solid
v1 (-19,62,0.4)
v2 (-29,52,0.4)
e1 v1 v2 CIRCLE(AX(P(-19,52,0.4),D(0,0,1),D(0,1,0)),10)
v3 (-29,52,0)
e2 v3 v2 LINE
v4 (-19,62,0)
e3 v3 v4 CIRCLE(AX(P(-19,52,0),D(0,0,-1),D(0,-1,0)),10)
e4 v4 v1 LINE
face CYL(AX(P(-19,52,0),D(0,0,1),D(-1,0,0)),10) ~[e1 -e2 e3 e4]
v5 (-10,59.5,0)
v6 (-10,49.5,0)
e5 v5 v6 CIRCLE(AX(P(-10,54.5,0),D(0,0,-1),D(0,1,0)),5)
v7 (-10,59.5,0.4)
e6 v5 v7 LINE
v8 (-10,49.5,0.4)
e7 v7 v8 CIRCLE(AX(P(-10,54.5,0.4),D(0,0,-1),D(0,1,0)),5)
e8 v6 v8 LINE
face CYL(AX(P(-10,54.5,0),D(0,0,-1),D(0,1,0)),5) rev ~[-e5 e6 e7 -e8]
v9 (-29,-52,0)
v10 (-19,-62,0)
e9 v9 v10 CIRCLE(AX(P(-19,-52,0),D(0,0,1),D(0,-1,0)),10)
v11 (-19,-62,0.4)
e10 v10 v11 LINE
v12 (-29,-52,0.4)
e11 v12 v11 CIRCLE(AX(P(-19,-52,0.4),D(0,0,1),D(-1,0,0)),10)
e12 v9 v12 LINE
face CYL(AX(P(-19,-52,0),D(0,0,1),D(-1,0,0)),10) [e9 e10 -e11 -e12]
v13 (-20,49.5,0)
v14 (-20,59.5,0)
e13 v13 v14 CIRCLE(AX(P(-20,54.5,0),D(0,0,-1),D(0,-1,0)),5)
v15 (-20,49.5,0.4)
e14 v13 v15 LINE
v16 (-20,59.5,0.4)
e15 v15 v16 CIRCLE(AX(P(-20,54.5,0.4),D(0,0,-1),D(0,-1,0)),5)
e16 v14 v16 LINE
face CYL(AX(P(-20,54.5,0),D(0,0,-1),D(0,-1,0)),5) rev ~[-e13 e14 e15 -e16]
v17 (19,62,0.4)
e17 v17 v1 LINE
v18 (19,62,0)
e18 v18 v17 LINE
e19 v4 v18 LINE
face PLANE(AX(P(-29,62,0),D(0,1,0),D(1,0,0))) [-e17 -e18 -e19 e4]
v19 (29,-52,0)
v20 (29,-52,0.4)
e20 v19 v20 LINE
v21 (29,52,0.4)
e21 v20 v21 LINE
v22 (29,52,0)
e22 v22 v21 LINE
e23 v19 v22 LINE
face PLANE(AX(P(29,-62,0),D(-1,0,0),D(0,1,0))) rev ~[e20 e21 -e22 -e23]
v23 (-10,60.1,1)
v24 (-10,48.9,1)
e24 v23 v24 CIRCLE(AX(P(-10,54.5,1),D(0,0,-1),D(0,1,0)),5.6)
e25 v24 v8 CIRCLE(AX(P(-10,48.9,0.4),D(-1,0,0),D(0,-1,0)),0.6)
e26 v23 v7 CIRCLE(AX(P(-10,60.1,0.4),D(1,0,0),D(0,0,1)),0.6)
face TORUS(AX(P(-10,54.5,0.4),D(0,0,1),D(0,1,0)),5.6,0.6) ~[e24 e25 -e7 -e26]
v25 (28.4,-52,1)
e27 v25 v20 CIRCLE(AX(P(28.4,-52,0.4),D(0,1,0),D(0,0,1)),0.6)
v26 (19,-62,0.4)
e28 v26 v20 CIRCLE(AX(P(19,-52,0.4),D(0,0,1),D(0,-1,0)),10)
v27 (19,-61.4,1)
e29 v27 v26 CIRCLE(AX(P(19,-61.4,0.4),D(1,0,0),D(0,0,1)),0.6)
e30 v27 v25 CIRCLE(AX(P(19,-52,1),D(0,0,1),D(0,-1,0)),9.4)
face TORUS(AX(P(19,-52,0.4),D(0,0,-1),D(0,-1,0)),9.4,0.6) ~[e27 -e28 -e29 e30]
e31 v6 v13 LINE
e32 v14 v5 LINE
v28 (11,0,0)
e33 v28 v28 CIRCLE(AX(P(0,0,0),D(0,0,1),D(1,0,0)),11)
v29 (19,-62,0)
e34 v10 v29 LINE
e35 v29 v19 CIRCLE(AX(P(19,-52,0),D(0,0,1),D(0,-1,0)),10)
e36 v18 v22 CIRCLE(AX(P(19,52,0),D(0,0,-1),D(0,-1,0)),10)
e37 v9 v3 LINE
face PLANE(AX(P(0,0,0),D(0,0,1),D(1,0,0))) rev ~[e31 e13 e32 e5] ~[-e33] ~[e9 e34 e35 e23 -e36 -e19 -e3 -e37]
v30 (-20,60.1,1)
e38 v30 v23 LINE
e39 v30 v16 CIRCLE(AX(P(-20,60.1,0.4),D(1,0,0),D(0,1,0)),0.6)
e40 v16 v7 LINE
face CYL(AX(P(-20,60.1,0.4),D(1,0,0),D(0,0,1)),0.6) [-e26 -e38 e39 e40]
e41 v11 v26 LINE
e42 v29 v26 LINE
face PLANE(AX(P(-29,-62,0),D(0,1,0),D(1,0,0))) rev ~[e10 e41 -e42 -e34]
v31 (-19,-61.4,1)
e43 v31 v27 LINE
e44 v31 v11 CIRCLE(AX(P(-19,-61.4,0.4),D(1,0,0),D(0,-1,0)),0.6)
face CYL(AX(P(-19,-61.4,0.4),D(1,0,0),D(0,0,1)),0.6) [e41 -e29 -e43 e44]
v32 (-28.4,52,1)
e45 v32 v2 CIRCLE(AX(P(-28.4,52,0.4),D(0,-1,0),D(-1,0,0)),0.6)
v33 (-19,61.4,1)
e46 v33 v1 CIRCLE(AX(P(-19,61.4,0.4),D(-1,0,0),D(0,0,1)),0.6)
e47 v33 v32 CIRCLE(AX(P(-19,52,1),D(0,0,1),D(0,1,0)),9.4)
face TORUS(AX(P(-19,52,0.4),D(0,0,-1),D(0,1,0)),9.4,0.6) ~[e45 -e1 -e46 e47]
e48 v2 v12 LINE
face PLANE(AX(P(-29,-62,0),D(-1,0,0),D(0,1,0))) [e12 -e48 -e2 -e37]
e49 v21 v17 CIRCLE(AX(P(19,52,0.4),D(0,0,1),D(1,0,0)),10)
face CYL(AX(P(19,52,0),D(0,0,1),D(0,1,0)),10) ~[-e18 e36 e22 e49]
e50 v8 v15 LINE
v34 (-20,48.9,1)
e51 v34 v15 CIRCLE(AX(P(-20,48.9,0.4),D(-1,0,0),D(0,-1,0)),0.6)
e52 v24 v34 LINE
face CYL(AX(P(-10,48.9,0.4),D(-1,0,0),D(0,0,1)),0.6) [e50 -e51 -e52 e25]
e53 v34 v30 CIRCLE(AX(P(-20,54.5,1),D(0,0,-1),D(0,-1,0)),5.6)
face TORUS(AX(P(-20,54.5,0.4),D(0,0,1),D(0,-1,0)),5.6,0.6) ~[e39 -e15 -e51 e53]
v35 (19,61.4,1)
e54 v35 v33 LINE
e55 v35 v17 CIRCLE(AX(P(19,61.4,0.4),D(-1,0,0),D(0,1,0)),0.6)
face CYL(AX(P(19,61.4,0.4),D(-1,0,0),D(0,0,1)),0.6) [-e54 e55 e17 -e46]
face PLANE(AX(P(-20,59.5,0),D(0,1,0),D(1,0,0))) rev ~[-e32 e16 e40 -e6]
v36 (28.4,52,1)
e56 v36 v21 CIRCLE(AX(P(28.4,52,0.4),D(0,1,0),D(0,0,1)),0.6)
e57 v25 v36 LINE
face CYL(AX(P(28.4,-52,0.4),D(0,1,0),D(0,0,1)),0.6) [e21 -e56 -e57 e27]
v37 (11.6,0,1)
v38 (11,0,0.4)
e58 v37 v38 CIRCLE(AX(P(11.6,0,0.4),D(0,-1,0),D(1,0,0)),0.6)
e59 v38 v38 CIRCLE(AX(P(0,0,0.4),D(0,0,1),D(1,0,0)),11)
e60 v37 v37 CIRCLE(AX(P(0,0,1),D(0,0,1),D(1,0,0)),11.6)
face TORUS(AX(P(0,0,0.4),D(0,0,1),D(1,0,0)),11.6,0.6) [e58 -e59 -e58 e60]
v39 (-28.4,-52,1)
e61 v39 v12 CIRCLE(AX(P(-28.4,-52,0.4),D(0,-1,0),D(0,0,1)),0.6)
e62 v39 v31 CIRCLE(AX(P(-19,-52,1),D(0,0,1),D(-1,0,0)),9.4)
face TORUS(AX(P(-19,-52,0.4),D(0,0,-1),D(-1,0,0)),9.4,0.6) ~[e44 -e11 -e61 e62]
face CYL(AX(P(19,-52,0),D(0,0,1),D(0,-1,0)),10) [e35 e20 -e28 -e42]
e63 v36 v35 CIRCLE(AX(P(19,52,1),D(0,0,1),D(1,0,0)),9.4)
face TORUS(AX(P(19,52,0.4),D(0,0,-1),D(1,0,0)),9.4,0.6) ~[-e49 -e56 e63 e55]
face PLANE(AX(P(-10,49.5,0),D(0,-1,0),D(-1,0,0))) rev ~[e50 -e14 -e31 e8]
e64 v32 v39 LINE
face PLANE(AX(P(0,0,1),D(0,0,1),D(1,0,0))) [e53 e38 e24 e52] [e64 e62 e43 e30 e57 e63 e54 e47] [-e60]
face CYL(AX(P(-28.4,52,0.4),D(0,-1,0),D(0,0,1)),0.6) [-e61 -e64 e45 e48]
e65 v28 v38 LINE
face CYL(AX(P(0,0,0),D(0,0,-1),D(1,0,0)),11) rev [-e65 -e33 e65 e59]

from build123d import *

# Parameters (mm, degrees)
F0_W     = 58
F0_H     = 124
F0_R     = 11
F1_DEPTH = 1
F2_R     = 10
F3_R     = 0.6


with BuildPart() as f1:
    # F0 (on Top) → F1 (new body)
    with BuildSketch(Plane.XY):
        Rectangle(F0_W, F0_H)
        with BuildLine():
            ThreePointArc((-20, 49.5), (-25, 54.5), (-20, 59.5))
            Line((-20, 59.5), (-10, 59.5))
            ThreePointArc((-10, 59.5), (-5, 54.5), (-10, 49.5))
            Line((-10, 49.5), (-20, 49.5))
        make_face(mode=Mode.SUBTRACT)
        Circle(F0_R, mode=Mode.SUBTRACT)
    extrude(amount=F1_DEPTH)

    # F2
    f2_edges = [f1.edges().sort_by_distance(p)[0] for p in [
        (-29, -62, 0.5),
        (29, -62, 0.5),
        (29, 62, 0.5),
        (-29, 62, 0.5),
    ]]
    fillet(f2_edges, radius=F2_R)

    # F3
    f3_edges = [f1.edges().sort_by_distance(p)[0] for p in [
        (29, 0, 1),
        (26.071068, -59.071068, 1),
        (26.071068, 59.071068, 1),
        (0, -62, 1),
        (0, 62, 1),
        (-26.071068, -59.071068, 1),
        (-26.071068, 59.071068, 1),
        (-29, 0, 1),
        (-25, 54.5, 1),
        (-15, 59.5, 1),
        (-5, 54.5, 1),
        (-15, 49.5, 1),
        (-11, 0, 1),
    ]]
    fillet(f3_edges, radius=F3_R)


solid = f1.part
